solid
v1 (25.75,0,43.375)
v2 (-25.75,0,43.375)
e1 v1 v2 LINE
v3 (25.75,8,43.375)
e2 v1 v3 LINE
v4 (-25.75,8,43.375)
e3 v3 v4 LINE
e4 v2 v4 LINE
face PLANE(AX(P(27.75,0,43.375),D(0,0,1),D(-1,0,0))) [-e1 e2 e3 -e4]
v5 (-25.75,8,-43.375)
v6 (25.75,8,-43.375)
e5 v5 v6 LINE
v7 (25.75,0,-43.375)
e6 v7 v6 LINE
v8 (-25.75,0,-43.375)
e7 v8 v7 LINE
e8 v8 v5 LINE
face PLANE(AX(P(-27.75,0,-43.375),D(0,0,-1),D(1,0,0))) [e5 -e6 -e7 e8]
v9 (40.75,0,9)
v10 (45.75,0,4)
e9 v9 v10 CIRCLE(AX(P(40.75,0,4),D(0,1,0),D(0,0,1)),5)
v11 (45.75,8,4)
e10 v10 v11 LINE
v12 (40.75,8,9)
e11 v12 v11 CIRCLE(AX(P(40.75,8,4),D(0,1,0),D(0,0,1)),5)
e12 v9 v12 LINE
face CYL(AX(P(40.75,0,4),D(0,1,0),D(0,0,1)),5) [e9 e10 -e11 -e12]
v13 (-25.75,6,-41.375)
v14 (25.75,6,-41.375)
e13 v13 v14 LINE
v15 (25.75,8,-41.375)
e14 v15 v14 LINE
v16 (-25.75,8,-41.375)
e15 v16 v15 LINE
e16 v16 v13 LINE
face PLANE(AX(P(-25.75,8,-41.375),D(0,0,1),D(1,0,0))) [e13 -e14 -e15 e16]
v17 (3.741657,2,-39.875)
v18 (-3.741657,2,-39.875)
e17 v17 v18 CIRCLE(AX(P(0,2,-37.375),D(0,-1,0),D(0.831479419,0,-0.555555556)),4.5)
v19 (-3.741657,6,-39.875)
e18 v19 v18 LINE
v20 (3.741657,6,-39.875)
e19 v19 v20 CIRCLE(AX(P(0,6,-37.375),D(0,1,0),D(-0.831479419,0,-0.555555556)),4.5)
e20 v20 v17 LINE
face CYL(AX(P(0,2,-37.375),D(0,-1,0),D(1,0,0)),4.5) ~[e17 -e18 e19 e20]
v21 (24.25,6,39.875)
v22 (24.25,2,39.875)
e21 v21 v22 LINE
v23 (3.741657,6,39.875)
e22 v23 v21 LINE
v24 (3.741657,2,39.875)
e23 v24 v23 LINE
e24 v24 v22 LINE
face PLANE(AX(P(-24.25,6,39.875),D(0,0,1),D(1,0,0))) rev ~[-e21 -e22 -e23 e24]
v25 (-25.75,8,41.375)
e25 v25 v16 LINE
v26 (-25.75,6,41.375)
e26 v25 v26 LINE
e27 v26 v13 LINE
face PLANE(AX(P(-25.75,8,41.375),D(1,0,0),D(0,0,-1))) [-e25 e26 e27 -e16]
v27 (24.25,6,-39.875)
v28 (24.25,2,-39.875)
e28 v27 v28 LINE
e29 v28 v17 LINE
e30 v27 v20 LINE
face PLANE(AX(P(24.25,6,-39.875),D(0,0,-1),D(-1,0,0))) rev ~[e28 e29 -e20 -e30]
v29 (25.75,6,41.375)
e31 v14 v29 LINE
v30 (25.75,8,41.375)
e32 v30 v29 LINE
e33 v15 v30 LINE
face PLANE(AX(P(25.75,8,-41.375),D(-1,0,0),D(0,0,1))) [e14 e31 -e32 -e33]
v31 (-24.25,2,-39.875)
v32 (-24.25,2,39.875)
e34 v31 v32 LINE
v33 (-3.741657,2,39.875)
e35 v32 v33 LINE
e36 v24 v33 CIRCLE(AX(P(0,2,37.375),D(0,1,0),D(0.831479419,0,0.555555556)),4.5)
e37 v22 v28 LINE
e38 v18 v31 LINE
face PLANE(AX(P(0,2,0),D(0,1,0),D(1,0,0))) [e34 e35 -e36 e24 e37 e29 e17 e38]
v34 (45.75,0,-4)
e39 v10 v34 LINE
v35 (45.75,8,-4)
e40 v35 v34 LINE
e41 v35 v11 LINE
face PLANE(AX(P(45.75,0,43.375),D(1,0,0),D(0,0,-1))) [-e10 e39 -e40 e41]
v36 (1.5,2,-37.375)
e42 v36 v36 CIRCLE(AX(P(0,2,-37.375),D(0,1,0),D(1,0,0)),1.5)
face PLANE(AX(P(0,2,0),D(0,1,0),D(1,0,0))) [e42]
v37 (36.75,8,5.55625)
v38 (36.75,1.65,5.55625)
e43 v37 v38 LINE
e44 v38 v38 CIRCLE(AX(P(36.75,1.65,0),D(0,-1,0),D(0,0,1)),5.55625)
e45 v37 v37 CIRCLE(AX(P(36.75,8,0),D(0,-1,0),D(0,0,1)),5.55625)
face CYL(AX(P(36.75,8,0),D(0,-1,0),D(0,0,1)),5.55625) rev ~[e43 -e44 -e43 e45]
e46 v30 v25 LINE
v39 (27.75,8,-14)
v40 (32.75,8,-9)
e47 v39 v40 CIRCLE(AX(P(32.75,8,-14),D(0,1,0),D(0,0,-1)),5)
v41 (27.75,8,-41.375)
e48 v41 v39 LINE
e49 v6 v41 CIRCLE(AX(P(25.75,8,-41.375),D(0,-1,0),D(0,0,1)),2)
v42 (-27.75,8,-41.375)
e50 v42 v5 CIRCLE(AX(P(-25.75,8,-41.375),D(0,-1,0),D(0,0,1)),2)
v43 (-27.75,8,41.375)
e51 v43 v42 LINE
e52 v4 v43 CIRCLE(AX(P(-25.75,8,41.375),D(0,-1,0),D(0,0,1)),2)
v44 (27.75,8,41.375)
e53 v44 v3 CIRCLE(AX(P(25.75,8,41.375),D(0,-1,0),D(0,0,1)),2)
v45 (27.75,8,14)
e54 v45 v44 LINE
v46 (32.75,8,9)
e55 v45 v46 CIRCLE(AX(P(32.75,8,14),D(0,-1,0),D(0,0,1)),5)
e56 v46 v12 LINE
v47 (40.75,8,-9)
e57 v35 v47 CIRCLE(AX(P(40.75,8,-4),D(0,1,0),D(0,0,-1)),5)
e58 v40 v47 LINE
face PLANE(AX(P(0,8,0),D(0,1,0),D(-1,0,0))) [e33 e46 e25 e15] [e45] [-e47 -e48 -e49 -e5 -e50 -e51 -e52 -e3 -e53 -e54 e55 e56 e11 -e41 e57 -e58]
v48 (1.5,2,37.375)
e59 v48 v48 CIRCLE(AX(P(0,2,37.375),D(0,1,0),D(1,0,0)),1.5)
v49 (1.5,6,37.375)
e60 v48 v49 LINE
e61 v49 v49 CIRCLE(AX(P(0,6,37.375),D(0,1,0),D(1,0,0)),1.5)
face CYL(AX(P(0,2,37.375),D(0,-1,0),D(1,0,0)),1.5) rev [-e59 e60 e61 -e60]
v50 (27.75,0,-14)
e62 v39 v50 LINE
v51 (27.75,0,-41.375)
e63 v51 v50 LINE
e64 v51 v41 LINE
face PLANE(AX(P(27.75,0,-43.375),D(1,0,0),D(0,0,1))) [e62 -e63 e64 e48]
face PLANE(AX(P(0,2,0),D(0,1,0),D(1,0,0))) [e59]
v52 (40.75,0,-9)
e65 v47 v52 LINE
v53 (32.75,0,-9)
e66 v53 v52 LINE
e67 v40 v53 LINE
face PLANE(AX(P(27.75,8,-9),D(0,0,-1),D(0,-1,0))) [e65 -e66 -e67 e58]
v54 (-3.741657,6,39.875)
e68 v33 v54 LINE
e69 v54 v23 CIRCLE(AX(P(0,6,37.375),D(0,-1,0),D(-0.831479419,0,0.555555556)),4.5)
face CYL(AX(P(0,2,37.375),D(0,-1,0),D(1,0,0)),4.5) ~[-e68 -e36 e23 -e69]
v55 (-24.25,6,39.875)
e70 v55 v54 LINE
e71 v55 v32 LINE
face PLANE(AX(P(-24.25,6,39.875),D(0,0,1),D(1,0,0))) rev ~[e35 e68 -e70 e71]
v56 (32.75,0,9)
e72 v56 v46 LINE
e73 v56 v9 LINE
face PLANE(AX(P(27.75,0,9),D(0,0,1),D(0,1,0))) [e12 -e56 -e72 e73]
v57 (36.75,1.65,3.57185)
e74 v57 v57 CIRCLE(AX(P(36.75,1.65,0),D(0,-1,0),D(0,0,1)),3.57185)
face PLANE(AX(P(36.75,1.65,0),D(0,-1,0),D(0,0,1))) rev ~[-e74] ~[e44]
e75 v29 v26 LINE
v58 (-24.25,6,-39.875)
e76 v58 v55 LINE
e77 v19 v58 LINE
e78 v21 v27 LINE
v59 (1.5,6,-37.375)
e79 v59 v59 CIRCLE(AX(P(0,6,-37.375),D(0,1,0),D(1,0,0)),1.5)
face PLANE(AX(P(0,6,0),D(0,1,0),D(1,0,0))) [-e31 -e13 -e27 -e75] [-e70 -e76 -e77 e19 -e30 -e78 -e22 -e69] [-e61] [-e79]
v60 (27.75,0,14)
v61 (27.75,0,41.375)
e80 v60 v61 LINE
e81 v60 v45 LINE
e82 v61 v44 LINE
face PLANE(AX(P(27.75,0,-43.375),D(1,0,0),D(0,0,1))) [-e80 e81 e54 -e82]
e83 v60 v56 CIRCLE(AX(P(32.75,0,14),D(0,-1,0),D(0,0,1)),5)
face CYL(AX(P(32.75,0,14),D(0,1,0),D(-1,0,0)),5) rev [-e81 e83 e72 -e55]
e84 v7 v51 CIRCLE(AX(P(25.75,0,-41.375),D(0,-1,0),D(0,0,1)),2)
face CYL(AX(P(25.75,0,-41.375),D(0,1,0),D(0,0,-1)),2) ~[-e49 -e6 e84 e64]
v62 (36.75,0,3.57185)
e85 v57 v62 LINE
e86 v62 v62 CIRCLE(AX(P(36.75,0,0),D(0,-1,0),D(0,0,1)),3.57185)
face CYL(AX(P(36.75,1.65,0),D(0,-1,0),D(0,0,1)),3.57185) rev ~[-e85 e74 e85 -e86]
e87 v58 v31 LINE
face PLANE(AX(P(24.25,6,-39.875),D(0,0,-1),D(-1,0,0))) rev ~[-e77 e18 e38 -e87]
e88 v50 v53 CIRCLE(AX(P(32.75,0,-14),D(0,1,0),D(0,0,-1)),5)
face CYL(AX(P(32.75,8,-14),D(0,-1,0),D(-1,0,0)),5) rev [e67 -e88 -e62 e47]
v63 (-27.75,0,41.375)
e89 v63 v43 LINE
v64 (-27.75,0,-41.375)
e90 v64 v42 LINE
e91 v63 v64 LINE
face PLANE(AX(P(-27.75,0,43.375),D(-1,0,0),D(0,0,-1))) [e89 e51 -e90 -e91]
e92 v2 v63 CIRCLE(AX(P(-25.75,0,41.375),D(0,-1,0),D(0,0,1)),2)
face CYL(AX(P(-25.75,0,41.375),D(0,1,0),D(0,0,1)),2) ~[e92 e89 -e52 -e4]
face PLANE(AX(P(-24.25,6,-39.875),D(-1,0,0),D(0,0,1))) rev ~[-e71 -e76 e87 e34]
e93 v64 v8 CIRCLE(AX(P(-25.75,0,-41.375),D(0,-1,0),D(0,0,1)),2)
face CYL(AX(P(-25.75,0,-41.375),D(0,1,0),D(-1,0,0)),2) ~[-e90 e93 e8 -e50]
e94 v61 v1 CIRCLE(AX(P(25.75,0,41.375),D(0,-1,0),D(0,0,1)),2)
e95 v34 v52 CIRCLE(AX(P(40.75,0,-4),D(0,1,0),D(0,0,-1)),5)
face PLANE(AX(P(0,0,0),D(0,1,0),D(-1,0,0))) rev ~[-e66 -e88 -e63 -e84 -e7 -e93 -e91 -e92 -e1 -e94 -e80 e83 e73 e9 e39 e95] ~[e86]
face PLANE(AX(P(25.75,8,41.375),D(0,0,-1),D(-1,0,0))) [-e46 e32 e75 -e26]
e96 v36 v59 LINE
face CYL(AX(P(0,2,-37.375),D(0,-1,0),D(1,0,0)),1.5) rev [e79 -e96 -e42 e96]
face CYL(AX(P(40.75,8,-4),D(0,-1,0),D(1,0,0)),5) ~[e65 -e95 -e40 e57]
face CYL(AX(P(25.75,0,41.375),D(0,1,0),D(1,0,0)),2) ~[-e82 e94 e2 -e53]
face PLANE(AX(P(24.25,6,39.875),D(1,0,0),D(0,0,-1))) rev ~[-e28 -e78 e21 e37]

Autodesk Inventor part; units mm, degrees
ref_plane "YZ Plane" through (0, 0, 0) normal (1, 0, 0) x (0, 1, 0)
ref_plane "XZ Plane" through (0, 0, 0) normal (0, 1, 0) x (-1, 0, 0)
ref_plane "XY Plane" through (0, 0, 0) normal (0, 0, 1) x (1, 0, 0)
sketch "Sketch1" plane through (0, 0, 0) normal (0, 1, 0) x (-1, 0, 0)
  line L0 (-27.75, 43.375) -> (27.75, 43.375)
  line L1 (27.75, 43.375) -> (27.75, -43.375)
  line L2 (27.75, -43.375) -> (-27.75, -43.375)
  line L3 (-27.75, -43.375) -> (-27.75, 43.375)
  line L4 (-27.75, 43.375) -> (27.75, -43.375) construction
  line L5 (27.75, 43.375) -> (-27.75, -43.375) construction
  point P0 (0, 0)
  dimension "d0" = 86.75
  dimension "d1" = 55.5
extrude "Extrusion1" add sketch "Sketch1" along normal blind 8
sketch "Sketch2" plane through (0, 8, 0) normal (0, 1, 0) x (1, 0, 0)
  line L0 (25.75, -41.375) -> (-25.75, -41.375)
  line L1 (-25.75, -41.375) -> (-25.75, 41.375)
  line L2 (-25.75, 41.375) -> (25.75, 41.375)
  line L3 (25.75, 41.375) -> (25.75, -41.375)
  line L4 (25.75, -41.375) -> (-25.75, 41.375) construction
  line L5 (-25.75, -41.375) -> (25.75, 41.375) construction
  point P0 (0, 0)
  dimension "d4" = 51.5
  dimension "d5" = 82.75
extrude "Extrusion2" cut sketch "Sketch2" against normal blind 2
sketch "Sketch3" plane through (0, 6, 0) normal (0, 1, 0) x (1, 0, 0)
  line L0 (24.25, 39.875) -> (-24.25, 39.875)
  line L1 (-24.25, 39.875) -> (-24.25, -39.875)
  line L2 (-24.25, -39.875) -> (24.25, -39.875)
  line L3 (24.25, -39.875) -> (24.25, 39.875)
  line L4 (24.25, 39.875) -> (-24.25, -39.875) construction
  line L5 (-24.25, 39.875) -> (24.25, -39.875) construction
  point P0 (0, 0)
  dimension "d8" = 79.75
  dimension "d9" = 48.5
extrude "Extrusion3" cut sketch "Sketch3" against normal blind 4
sketch "Sketch4" plane through (0, 2, 0) normal (0, 1, 0) x (1, 0, 0)
  circle A0 centre (0, -37.375) radius 4.5
  circle A1 centre (0, 37.375) radius 4.5
  line L0 (24.25, -39.875) -> (-24.25, -39.875) projected
  line L1 (25.75, -41.375) -> (-25.75, -41.375) projected
  circle A2 centre (0, -37.375) radius 1.5
  circle A3 centre (0, 37.375) radius 1.5
  point P0 (0, 0)
  point P1 (-3.7417, -39.875)
  point P2 (3.7417, -39.875)
  dimension "d12" = 9
  dimension "d13" = 9
  dimension "d14" = 74.75
  dimension "d16" = 4
  dimension "d17" = 3
  dimension "d18" = 3
extrude "Extrusion4" add sketch "Sketch4" along normal blind 4 contours A0 L0 | A1
sketch "Sketch5" plane through (27.75, 0, 43.375) normal (1, 0, 0) x (0, 0, -1)
  line L0 (84.75, 8) -> (2, 8) projected
  line L1 (0, 0) -> (86.75, 0) projected
  line L2 (34.375, 8) -> (52.375, 8)
  line L3 (52.375, 8) -> (52.375, 0)
  line L4 (52.375, 0) -> (34.375, 0)
  line L5 (34.375, 0) -> (34.375, 8)
  point P0 (43.375, 0)
  point P1 (34.375, 4)
  point P2 (43.375, 0)
  point P3 (34.375, 0)
  point P4 (52.375, 8)
  dimension "d21" = 18
  dimension "d22" = 9
extrude "Extrusion5" add sketch "Sketch5" along normal blind 18
sketch "Sketch6" plane through (0, 8, 0) normal (0, 1, 0) x (1, 0, 0)
  line L0 (27.75, -43.375) -> (27.75, -9) projected
  line L1 (27.75, -9) -> (45.75, -9) projected
  point P0 (0, 0)
  point P1 (36.75, 0)
  dimension "d32" = 9
  dimension "d33" = 9
hole "Hole1" at (36.75, 8, 0) direction (0, -1, 0) diameter 7.1437 end through all counterbore diameter 11.1125 counterbore depth 6.35
fillet "Fillet2" radius 5 4 edges at (27.75, 4, 9) (45.75, 4, 9) (45.75, 4, -9) (27.75, 4, -9)
fillet "Fillet3" radius 2 4 edges at (27.75, 4, 43.375) (27.75, 4, -43.375) (-27.75, 4, -43.375) (-27.75, 4, 43.375)
equation "\"d22\" = 0.5 * d21"
properties part number "PermaProtoBase_HalfSizeScrewMount"
